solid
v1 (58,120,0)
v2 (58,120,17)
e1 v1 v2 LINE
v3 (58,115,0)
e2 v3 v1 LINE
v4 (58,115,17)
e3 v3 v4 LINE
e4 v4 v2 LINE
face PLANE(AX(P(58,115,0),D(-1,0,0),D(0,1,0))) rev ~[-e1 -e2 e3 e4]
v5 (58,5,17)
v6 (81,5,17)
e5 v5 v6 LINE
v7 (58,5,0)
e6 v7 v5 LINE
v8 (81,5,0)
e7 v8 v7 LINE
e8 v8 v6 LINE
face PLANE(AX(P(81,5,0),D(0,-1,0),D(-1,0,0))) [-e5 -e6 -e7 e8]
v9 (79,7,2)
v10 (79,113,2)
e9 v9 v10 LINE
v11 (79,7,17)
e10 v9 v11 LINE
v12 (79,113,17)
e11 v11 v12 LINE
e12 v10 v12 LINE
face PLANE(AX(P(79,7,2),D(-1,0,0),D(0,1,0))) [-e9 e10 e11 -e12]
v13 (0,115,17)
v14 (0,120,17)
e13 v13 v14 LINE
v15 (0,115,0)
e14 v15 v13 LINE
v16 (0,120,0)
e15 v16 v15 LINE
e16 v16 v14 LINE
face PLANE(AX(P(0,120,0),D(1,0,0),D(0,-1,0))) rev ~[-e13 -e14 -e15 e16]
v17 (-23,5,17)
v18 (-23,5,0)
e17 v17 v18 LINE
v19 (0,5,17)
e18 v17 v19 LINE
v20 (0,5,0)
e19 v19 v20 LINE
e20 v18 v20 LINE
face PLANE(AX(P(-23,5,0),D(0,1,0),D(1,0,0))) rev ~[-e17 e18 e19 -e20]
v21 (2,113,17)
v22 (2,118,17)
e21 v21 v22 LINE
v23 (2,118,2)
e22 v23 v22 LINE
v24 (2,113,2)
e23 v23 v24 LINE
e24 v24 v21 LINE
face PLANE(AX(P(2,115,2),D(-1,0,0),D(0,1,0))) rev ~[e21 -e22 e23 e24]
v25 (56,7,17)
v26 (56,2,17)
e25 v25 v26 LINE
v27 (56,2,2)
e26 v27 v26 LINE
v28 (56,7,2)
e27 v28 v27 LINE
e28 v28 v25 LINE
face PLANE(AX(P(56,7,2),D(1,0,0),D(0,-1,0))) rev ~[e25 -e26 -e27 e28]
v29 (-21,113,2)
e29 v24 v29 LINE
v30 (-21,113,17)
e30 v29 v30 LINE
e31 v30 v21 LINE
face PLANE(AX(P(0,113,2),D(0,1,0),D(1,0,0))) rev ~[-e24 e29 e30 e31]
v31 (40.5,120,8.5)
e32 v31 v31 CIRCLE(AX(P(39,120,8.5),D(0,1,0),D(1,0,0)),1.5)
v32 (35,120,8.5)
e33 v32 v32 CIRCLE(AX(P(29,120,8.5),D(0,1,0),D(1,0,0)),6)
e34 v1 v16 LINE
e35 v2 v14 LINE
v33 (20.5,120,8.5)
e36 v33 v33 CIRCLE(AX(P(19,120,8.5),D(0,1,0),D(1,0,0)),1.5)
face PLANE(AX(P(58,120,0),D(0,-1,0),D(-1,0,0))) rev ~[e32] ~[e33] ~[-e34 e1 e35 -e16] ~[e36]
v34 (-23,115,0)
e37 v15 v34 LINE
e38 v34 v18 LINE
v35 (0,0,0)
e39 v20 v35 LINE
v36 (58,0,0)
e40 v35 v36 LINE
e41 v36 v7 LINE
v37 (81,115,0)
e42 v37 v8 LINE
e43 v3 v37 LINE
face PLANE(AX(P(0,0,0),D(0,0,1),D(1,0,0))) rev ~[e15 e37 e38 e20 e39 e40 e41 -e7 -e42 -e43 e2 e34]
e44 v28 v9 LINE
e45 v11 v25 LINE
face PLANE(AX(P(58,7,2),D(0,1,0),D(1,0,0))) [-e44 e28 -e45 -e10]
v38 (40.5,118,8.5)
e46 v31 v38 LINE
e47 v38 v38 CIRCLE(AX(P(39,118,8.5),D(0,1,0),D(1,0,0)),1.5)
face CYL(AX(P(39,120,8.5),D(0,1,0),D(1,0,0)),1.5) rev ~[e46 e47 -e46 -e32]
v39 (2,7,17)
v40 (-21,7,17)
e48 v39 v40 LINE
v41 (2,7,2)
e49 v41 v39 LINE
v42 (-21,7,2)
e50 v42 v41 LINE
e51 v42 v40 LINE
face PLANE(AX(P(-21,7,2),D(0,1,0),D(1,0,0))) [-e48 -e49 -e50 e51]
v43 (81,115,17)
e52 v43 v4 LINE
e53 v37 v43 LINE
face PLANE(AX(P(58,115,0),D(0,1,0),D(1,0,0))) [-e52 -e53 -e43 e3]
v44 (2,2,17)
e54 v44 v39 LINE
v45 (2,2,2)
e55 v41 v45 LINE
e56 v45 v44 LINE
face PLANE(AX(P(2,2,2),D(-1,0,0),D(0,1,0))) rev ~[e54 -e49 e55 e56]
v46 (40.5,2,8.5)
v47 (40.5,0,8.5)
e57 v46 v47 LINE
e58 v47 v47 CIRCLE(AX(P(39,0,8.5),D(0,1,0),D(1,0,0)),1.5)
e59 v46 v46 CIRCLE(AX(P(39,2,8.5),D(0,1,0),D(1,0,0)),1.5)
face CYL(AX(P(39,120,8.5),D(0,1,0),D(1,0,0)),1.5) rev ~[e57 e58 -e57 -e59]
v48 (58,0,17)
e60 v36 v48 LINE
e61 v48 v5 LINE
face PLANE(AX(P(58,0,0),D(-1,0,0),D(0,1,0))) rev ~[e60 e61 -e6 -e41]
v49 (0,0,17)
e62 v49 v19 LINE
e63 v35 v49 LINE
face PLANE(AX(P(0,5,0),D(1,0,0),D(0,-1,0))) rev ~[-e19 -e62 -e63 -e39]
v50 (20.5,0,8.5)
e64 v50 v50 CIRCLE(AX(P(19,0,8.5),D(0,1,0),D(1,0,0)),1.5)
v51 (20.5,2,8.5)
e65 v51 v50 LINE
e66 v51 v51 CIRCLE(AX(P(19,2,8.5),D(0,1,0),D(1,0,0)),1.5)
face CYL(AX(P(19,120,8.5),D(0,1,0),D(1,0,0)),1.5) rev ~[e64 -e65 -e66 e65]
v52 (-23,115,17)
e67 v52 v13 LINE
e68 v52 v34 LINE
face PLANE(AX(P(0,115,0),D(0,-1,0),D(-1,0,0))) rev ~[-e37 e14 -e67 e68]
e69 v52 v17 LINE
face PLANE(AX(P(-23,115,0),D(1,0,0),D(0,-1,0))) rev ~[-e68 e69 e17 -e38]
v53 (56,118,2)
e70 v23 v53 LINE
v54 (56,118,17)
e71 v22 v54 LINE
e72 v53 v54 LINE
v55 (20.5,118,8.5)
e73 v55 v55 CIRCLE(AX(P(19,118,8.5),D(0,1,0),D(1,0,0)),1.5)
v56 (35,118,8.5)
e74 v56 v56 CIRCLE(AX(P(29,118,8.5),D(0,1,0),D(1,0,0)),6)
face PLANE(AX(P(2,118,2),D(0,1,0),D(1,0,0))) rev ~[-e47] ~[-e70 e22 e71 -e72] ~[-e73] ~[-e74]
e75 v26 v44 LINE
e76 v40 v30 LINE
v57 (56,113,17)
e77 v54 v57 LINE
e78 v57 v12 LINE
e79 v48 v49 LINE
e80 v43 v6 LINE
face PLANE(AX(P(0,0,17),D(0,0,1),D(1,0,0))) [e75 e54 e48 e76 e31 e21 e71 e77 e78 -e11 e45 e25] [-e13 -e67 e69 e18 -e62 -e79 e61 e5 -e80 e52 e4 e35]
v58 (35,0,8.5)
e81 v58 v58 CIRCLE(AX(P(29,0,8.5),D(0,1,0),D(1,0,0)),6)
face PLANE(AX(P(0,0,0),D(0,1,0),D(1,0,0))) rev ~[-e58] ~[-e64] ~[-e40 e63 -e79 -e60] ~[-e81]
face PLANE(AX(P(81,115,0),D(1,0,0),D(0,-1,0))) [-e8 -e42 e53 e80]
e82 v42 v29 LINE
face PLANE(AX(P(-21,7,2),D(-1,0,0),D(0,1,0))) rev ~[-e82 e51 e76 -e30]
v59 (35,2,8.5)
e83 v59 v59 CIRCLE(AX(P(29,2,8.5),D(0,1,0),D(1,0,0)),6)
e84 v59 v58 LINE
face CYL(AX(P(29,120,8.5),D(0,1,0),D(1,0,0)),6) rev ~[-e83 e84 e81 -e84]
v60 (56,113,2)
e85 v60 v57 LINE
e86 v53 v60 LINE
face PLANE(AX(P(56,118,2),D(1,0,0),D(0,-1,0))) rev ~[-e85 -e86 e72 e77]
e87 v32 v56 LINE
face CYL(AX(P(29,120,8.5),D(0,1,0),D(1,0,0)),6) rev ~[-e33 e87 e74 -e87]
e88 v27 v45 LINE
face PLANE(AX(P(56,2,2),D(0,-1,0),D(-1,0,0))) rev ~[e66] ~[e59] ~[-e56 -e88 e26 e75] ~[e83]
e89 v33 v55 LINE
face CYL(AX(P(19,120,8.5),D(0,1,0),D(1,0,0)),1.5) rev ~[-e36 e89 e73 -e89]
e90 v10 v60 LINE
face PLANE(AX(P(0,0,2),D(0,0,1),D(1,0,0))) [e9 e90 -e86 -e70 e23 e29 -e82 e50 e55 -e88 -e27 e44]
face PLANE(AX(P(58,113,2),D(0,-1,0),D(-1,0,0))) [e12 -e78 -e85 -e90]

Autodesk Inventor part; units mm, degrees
ref_plane "YZ Plane" through (0, 0, 0) normal (1, 0, 0) x (0, 1, 0)
ref_plane "XZ Plane" through (0, 0, 0) normal (0, 1, 0) x (-1, 0, 0)
ref_plane "XY Plane" through (0, 0, 0) normal (0, 0, 1) x (1, 0, 0)
sketch "Sketch1" plane through (0, 0, 0) normal (0, 0, 1) x (1, 0, 0)
  line L0 (0, 0) -> (58, 0)
  line L1 (58, 0) -> (58, 120)
  line L2 (58, 120) -> (0, 120)
  line L3 (0, 120) -> (0, 0)
  line L4 (58, 115) -> (81, 115)
  line L5 (81, 115) -> (81, 5)
  line L6 (81, 5) -> (58, 5)
  line L7 (58, 5) -> (58, 115)
  line L8 (0, 115) -> (-23, 115)
  line L9 (-23, 115) -> (-23, 5)
  line L10 (-23, 5) -> (0, 5)
  line L11 (0, 5) -> (0, 115)
  point P0 (0, 5)
  dimension "d0" = 58
  dimension "d1" = 120
  dimension "d20" = 23
  dimension "d21" = 5
  dimension "d22" = 5
  dimension "d26" = 23
  dimension "d27" = 5
  dimension "d28" = 5
extrude "Extrusion1" add sketch "Sketch1" along normal blind 2
sketch "Sketch2" plane through (0, 0, 2) normal (0, 0, 1) x (1, 0, 0)
  line L0 (58, 120) -> (0, 120) projected
  line L1 (58, 0) -> (58, 120) projected
  line L2 (0, 120) -> (58, 120)
  line L3 (58, 120) -> (58, 0)
  line L4 (58, 0) -> (0, 0)
  line L5 (0, 0) -> (0, 120)
  line L6 (2, 118) -> (56, 118)
  line L7 (56, 118) -> (56, 2)
  line L8 (56, 2) -> (2, 2)
  line L9 (2, 2) -> (2, 118)
  line L10 (-23, 115) -> (-23, 5) projected
  line L11 (-23, 115) -> (2, 115)
  line L12 (2, 115) -> (2, 55.5525)
  line L13 (-23, 5) -> (-23, 115)
  line L14 (-21, 113) -> (2, 113)
  line L15 (0, 113) -> (0, 57.5525)
  line L16 (-21, 7) -> (-21, 113)
  line L17 (-21, 7) -> (2, 7)
  line L18 (-23, 5) -> (0, 5) projected
  line L19 (-23, 5) -> (2, 5)
  line L20 (81, 115) -> (58, 115) projected
  line L21 (58, 115) -> (81, 115)
  line L22 (81, 115) -> (81, 5)
  line L23 (58, 5) -> (81, 5) projected
  line L24 (81, 5) -> (58, 5)
  line L25 (56, 7) -> (79, 7)
  line L26 (79, 7) -> (79, 113)
  line L27 (79, 113) -> (56, 113)
  point P0 (0, 0)
  point P1 (0, 115)
  point P2 (2, 113)
  point P3 (2, 7)
  dimension "d4" = 2
  dimension "d5" = 2
  dimension "d6" = 2
  dimension "d7" = 2
  dimension "d30" = 2
  dimension "d31" = 2
  dimension "d32" = 2
  dimension "d33" = 2
  dimension "d34" = 2
  dimension "d35" = 2
extrude "Extrusion2" add sketch "Sketch2" along normal blind 15 contours L1 L27 L7 L6 L9 L11 L5 L0 | L20 L22 L23 L1 L25 L26 L27 | L11 L9 L14 L5 | L5 L14 L16 L17 L18 L10 L11 | L1 L4 L5 L19 L9 L8 L7 L25 | L17 L9 L19 L5
sketch "Sketch6" plane through (0, 120, 0) normal (0, 1, 0) x (1, 0, 0)
  circle A0 centre (29, -8.5) radius 6
  circle A1 centre (39, -8.5) radius 1.5
  circle A2 centre (19, -8.5) radius 1.5
  line L0 (58, 0) -> (0, 0) projected
  line L1 (58, 0) -> (58, -17) projected
  line L2 (0, 0) -> (0, -17) projected
  dimension "d46" = 12
  dimension "d47" = 3
  dimension "d48" = 3
  dimension "d49" = 10
  dimension "d50" = 10
  dimension "d51" = 8.5
  dimension "d52" = 8.5
  dimension "d53" = 8.5
  dimension "d54" = 58
  dimension "d55" = 29
extrude "Extrusion4" cut sketch "Sketch6" against normal up to surface (120 mm away)
equation "\"d52\" = d51"
equation "\"d53\" = d51"
equation "\"d55\" = 0.5 * d54"
properties part number "corpo2"
